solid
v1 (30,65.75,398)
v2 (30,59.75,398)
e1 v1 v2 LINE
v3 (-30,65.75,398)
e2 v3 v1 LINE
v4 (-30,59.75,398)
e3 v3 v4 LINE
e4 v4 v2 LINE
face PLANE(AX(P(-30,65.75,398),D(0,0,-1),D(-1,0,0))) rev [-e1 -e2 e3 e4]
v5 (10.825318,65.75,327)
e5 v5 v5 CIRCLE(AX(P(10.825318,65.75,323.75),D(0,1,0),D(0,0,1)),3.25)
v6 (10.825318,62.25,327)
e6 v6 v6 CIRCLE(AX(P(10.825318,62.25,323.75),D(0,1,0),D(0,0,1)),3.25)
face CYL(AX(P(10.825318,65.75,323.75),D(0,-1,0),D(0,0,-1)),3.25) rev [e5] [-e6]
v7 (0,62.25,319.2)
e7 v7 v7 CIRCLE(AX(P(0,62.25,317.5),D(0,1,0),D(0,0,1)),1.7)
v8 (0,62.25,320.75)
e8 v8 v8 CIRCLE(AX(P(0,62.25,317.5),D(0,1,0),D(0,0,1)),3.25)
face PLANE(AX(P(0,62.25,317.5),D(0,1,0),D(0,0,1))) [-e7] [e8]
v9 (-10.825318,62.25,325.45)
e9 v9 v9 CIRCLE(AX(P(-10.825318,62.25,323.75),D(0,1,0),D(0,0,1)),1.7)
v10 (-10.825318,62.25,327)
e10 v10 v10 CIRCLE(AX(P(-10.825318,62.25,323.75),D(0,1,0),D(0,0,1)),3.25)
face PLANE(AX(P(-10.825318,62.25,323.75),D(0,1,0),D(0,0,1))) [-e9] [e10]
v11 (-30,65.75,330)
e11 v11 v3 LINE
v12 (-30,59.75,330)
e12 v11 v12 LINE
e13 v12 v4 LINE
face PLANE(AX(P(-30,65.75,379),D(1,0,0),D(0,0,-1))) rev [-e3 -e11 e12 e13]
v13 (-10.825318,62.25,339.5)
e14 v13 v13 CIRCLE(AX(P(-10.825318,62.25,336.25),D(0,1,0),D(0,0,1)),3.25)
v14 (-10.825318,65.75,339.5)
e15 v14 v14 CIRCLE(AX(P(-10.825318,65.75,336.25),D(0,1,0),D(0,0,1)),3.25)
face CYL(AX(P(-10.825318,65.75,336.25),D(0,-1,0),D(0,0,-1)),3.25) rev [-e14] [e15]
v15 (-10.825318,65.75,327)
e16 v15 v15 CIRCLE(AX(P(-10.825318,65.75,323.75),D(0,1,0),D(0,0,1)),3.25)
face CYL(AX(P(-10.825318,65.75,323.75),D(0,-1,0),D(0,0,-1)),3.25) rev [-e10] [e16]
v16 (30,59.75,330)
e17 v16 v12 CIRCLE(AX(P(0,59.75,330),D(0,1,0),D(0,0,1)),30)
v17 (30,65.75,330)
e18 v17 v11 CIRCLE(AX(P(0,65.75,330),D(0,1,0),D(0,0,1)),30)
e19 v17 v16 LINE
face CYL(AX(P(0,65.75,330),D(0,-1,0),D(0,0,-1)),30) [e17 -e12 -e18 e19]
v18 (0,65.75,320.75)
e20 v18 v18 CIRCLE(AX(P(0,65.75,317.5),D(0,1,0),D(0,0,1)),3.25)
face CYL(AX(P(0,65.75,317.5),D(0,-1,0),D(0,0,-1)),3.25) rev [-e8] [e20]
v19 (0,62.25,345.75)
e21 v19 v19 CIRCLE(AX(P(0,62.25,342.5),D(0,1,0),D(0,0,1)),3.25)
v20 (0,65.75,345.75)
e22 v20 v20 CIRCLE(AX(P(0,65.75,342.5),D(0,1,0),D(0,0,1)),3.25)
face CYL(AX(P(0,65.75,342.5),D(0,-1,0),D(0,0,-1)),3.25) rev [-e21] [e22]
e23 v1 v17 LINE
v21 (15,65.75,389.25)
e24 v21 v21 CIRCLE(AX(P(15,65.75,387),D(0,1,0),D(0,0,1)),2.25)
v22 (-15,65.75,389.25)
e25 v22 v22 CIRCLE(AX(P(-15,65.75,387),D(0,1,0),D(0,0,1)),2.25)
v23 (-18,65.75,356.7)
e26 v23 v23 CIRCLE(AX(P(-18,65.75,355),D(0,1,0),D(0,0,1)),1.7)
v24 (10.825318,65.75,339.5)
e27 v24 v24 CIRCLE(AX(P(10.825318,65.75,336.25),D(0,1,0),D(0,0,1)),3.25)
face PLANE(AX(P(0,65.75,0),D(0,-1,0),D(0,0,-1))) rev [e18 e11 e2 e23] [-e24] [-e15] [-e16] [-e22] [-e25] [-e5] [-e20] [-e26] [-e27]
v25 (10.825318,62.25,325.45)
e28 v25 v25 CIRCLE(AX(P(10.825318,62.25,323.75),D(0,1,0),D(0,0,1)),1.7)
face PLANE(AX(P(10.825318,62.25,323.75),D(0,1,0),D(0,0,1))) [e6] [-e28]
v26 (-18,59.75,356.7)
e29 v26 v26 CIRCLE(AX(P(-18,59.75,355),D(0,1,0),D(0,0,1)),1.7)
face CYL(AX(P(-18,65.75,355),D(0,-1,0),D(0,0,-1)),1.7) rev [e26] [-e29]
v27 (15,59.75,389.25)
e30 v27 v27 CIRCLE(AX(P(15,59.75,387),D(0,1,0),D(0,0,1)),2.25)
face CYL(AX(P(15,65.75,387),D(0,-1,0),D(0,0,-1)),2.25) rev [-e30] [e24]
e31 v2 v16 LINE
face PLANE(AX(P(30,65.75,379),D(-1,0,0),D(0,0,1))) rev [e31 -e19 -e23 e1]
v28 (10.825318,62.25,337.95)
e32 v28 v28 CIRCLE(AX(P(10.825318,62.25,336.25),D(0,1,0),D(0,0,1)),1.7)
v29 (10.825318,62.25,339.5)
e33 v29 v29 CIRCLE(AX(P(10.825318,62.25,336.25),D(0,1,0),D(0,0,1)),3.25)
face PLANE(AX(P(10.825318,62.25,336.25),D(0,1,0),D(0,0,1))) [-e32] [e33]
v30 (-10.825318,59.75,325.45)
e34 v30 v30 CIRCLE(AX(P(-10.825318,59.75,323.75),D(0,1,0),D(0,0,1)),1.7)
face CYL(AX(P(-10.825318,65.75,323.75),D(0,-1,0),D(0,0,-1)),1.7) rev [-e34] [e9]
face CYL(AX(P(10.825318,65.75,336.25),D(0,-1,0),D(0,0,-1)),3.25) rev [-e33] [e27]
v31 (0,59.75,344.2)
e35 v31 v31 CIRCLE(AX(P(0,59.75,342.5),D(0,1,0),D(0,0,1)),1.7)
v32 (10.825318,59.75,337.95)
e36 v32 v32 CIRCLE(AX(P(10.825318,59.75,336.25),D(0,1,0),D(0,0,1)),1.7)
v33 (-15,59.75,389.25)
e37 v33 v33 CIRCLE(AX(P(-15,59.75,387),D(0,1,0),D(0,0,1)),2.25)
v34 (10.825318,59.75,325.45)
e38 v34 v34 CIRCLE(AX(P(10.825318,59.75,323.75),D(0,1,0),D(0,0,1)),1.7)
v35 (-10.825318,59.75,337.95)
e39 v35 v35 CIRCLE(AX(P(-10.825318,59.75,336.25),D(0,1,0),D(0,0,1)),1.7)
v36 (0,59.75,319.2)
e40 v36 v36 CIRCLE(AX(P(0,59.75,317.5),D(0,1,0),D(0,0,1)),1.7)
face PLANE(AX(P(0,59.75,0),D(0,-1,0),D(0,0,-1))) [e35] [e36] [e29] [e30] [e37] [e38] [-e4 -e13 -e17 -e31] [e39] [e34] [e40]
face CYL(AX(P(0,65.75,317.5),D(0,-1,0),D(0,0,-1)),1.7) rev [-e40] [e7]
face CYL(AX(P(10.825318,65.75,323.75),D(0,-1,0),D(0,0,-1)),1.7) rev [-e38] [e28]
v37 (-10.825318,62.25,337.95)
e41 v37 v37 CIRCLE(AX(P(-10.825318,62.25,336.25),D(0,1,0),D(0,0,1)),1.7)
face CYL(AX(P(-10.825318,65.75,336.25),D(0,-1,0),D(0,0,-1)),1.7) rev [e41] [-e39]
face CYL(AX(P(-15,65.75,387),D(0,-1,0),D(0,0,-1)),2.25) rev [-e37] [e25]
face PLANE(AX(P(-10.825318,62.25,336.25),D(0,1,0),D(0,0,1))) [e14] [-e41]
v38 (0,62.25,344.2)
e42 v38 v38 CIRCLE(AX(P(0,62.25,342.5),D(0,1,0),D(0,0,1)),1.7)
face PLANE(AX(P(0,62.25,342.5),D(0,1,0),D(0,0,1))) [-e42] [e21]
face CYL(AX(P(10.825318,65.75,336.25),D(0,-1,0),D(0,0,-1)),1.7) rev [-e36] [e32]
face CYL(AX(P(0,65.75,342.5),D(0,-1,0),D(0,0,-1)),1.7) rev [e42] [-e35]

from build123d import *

# Parameters (mm, degrees)
PLACA_START               = 59.75
SK_PLACA_W                = 60
SK_PLACA_H                = 49
PLACA_DEPTH               = 6
EXTREMO_START             = 59.75
SK_EXTREMO_R              = 30
EXTREMO_DEPTH             = 6
PASANTES_M3_CUBO_J3_START = 59.75
SK_PASANTES_M3_CUBO_J3_R  = 1.7
PASANTES_M3_CUBO_J3_DEPTH = 6
CAJAS_M3_J3_START         = 62.25
SK_CAJAS_M3_J3_R          = 3.25
CAJAS_M3_J3_DEPTH         = 3.5
EXTENSION_PESTANAS_START  = 59.75
SK_EXTENSION_PESTANAS_W   = 60
SK_EXTENSION_PESTANAS_H   = 19
EXTENSION_PESTANAS_DEPTH  = 6
PASANTES_M4_REPISA_START  = 59.75
SK_PASANTES_M4_REPISA_R   = 2.25
PASANTES_M4_REPISA_DEPTH  = 6
PASANTE_M3_CINCHO_START   = 59.75
SK_PASANTE_M3_CINCHO_R    = 1.7
PASANTE_M3_CINCHO_DEPTH   = 6


with BuildPart() as part:
    # Sk_Placa → Placa (new body)
    with BuildSketch(Plane(origin=(0, 0, 0), x_dir=(1, 0, 0), z_dir=(0, 1, 0)).offset(PLACA_START)):
        with Locations((0, -354.5)):
            Rectangle(SK_PLACA_W, SK_PLACA_H)
    extrude(amount=PLACA_DEPTH)

    # Sk_Extremo → Extremo (add)
    with BuildSketch(Plane(origin=(0, 0, 0), x_dir=(1, 0, 0), z_dir=(0, 1, 0)).offset(EXTREMO_START)):
        with Locations((0, -330)):
            Circle(SK_EXTREMO_R)
    extrude(amount=EXTREMO_DEPTH)

    # Sk_Pasantes_M3_cubo_J3 → Pasantes_M3_cubo_J3 (cut)
    with BuildSketch(Plane(origin=(0, 0, 0), x_dir=(1, 0, 0), z_dir=(0, 1, 0)).offset(PASANTES_M3_CUBO_J3_START)):
        with Locations(Location((10.825317547, -336.25, 0), (0, 0, 270))):
            Circle(SK_PASANTES_M3_CUBO_J3_R)
        with Locations(Location((0, -342.5, 0), (0, 0, 270))):
            Circle(SK_PASANTES_M3_CUBO_J3_R)
        with Locations(Location((-10.825317547, -336.25, 0), (0, 0, 270))):
            Circle(SK_PASANTES_M3_CUBO_J3_R)
        with Locations(Location((-10.825317547, -323.75, 0), (0, 0, 270))):
            Circle(SK_PASANTES_M3_CUBO_J3_R)
        with Locations(Location((0, -317.5, 0), (0, 0, 270))):
            Circle(SK_PASANTES_M3_CUBO_J3_R)
        with Locations(Location((10.825317547, -323.75, 0), (0, 0, 270))):
            Circle(SK_PASANTES_M3_CUBO_J3_R)
    extrude(amount=PASANTES_M3_CUBO_J3_DEPTH, mode=Mode.SUBTRACT)

    # Sk_Cajas_M3_J3 → Cajas_M3_J3 (cut)
    with BuildSketch(Plane(origin=(0, 0, 0), x_dir=(1, 0, 0), z_dir=(0, 1, 0)).offset(CAJAS_M3_J3_START)):
        with Locations(Location((10.825317547, -336.25, 0), (0, 0, 270))):
            Circle(SK_CAJAS_M3_J3_R)
        with Locations(Location((0, -342.5, 0), (0, 0, 270))):
            Circle(SK_CAJAS_M3_J3_R)
        with Locations(Location((-10.825317547, -336.25, 0), (0, 0, 270))):
            Circle(SK_CAJAS_M3_J3_R)
        with Locations(Location((-10.825317547, -323.75, 0), (0, 0, 270))):
            Circle(SK_CAJAS_M3_J3_R)
        with Locations(Location((0, -317.5, 0), (0, 0, 270))):
            Circle(SK_CAJAS_M3_J3_R)
        with Locations(Location((10.825317547, -323.75, 0), (0, 0, 270))):
            Circle(SK_CAJAS_M3_J3_R)
    extrude(amount=CAJAS_M3_J3_DEPTH, mode=Mode.SUBTRACT)

    # Sk_Extension_pestanas → Extension_pestanas (add)
    with BuildSketch(Plane(origin=(0, 0, 0), x_dir=(1, 0, 0), z_dir=(0, 1, 0)).offset(EXTENSION_PESTANAS_START)):
        with Locations((0, -388.5)):
            Rectangle(SK_EXTENSION_PESTANAS_W, SK_EXTENSION_PESTANAS_H)
    extrude(amount=EXTENSION_PESTANAS_DEPTH)

    # Sk_Pasantes_M4_repisa → Pasantes_M4_repisa (cut)
    with BuildSketch(Plane(origin=(0, 0, 0), x_dir=(1, 0, 0), z_dir=(0, 1, 0)).offset(PASANTES_M4_REPISA_START)):
        with Locations(Location((-15, -387, 0), (0, 0, 270))):
            Circle(SK_PASANTES_M4_REPISA_R)
        with Locations(Location((15, -387, 0), (0, 0, 270))):
            Circle(SK_PASANTES_M4_REPISA_R)
    extrude(amount=PASANTES_M4_REPISA_DEPTH, mode=Mode.SUBTRACT)

    # Sk_Pasante_M3_cincho → Pasante_M3_cincho (cut)
    with BuildSketch(Plane(origin=(0, 0, 0), x_dir=(1, 0, 0), z_dir=(0, 1, 0)).offset(PASANTE_M3_CINCHO_START)):
        with Locations(Location((-18, -355, 0), (0, 0, 270))):
            Circle(SK_PASANTE_M3_CINCHO_R)
    extrude(amount=PASANTE_M3_CINCHO_DEPTH, mode=Mode.SUBTRACT)


solid = part.part
